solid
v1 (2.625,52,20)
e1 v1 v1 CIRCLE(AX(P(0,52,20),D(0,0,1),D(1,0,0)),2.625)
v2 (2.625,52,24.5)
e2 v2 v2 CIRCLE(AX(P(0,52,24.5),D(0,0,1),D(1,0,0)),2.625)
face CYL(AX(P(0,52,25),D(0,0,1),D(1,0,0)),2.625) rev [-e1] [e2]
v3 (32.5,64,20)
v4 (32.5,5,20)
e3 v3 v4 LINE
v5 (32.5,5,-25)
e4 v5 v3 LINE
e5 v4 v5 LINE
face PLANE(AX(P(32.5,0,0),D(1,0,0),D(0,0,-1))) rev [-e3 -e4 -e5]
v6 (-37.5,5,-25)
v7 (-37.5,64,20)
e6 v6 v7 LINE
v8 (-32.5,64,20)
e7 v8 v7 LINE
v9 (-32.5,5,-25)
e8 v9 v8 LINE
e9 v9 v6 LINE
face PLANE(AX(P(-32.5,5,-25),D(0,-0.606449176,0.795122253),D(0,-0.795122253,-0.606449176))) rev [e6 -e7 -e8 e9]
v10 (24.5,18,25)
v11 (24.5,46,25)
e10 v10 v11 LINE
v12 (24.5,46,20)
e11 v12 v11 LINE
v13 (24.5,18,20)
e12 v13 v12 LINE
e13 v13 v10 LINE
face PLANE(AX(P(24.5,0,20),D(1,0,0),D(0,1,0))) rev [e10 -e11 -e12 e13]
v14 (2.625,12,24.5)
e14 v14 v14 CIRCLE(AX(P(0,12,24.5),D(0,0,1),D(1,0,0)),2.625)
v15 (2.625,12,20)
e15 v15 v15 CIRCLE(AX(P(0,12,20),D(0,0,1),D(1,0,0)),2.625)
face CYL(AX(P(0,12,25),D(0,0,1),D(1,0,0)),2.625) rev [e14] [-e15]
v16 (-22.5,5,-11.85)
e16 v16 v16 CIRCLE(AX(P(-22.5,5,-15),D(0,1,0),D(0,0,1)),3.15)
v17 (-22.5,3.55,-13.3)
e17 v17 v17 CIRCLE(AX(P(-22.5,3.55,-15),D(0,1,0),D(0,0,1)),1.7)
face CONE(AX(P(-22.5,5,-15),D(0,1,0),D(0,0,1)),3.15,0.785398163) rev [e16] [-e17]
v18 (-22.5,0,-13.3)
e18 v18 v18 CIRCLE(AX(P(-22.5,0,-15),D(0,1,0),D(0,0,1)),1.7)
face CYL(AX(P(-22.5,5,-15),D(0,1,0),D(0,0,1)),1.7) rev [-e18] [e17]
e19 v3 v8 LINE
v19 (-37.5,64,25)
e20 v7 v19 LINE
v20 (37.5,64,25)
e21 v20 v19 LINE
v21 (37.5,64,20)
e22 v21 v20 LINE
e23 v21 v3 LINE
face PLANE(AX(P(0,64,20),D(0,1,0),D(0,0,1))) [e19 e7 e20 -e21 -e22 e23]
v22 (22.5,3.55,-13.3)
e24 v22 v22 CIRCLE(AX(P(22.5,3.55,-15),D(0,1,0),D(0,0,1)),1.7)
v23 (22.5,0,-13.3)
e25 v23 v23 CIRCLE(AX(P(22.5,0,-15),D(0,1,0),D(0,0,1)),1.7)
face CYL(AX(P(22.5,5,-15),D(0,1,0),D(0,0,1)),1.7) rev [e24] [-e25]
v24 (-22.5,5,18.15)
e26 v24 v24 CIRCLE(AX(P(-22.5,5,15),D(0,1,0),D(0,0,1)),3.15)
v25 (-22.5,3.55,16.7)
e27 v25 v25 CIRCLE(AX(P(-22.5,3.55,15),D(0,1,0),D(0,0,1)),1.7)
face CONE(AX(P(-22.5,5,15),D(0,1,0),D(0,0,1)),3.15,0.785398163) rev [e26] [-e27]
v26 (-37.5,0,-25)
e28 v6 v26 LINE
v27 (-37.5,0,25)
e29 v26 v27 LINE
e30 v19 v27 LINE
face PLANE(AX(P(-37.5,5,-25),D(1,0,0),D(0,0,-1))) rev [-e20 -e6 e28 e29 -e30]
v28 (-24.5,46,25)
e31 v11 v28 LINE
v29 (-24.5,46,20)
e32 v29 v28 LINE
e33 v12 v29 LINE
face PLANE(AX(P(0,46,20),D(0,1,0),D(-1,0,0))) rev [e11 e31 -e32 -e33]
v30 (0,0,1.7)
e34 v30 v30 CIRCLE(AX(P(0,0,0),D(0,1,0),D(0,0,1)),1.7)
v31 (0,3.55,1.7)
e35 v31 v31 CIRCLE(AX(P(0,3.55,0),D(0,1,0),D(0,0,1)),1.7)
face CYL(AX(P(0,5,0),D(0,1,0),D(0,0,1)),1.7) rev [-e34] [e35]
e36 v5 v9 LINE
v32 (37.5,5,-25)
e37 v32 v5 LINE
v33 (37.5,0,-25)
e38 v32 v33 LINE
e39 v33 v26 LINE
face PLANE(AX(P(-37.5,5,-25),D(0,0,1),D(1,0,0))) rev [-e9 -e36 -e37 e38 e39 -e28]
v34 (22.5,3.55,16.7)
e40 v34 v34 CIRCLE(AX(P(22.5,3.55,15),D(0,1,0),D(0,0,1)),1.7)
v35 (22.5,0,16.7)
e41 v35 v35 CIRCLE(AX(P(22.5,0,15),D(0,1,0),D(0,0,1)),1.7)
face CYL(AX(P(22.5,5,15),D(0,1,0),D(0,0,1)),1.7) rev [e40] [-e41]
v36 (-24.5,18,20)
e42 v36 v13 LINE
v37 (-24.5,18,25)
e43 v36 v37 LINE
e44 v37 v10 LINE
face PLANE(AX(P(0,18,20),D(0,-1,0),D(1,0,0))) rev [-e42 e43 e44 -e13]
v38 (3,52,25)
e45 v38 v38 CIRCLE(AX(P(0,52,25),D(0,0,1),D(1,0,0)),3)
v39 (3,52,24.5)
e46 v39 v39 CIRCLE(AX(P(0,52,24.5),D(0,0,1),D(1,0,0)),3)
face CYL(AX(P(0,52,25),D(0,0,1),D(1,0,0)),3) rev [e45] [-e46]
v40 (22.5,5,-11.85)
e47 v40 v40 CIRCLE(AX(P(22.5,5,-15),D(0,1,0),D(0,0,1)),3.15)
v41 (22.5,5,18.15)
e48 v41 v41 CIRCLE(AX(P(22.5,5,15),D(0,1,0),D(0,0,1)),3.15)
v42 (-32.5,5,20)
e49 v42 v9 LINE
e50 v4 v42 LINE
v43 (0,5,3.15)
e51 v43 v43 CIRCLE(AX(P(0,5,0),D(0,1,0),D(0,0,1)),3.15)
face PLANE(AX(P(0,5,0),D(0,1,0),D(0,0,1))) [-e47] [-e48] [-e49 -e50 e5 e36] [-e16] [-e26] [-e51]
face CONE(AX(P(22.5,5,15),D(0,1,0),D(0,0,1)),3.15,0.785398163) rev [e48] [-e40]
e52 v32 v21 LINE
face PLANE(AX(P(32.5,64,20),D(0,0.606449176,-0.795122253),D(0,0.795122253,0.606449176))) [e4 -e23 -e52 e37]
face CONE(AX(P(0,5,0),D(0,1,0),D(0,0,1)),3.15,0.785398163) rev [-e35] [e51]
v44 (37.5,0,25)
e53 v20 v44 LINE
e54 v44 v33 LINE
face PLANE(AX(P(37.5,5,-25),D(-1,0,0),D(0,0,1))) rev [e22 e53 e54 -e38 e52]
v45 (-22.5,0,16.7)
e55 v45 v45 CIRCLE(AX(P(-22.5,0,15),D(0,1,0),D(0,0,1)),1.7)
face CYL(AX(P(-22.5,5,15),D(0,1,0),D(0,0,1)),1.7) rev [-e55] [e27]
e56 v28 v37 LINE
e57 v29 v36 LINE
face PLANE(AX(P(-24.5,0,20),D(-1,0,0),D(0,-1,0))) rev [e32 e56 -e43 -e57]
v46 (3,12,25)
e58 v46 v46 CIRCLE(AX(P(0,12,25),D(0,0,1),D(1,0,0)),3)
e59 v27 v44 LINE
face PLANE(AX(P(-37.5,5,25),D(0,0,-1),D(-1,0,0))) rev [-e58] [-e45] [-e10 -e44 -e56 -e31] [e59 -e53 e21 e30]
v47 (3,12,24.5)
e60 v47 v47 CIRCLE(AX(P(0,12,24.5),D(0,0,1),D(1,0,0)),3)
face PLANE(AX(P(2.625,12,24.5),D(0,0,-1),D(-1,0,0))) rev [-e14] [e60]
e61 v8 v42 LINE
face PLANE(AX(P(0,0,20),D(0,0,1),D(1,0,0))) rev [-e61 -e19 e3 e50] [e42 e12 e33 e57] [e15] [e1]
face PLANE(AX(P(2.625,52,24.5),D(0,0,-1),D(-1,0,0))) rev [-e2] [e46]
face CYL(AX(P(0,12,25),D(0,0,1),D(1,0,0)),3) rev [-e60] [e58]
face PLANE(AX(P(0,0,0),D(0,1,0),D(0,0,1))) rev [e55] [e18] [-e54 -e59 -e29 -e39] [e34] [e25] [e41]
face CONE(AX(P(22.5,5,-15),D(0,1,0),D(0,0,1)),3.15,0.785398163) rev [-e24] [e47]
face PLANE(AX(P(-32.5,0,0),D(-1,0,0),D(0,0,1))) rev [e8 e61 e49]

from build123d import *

# Parameters (mm, degrees)
SKETCH1_W                                       = 75
SKETCH1_H                                       = 50
BOSS_EXTRUDE1_DEPTH                             = 5
SKETCH2_W                                       = 75
SKETCH2_H                                       = 59
SKETCH2_W_2                                     = 49
SKETCH2_H_2                                     = 28
BOSS_EXTRUDE2_DEPTH                             = 5
BOSS_EXTRUDE3_DEPTH                             = 5
BOSS_EXTRUDE4_START                             = -75
BOSS_EXTRUDE4_DEPTH                             = 5
CBORE_FOR_M3_SHCS1_D                            = 5.25
CBORE_FOR_M3_SHCS1_DEPTH                        = 5
CBORE_FOR_M3_SHCS1_CBORE_D                      = 6
CBORE_FOR_M3_SHCS1_CBORE_DEPTH                  = 0.5
CBORE_FOR_M3_SHCS1_TIP                          = 1.577259125
CSK_FOR_M3_FLAT_HEAD_MACHINE_SCREW1_D           = 3.4
CSK_FOR_M3_FLAT_HEAD_MACHINE_SCREW1_CSINK_D     = 6.3
CSK_FOR_M3_FLAT_HEAD_MACHINE_SCREW1_CSINK_ANGLE = 90


with BuildPart() as part:
    # Sketch1 → Boss-Extrude1 (new body)
    with BuildSketch(Plane(origin=(0, 0, 0), x_dir=(1, 0, 0), z_dir=(0, 1, 0))):
        Rectangle(SKETCH1_W, SKETCH1_H)
    extrude(amount=BOSS_EXTRUDE1_DEPTH)

    # Sketch2 → Boss-Extrude2 (add)
    with BuildSketch(Plane.XY.offset(25)):
        with Locations((0, 34.5)):
            Rectangle(SKETCH2_W, SKETCH2_H)
        with Locations((0, 32)):
            Rectangle(SKETCH2_W_2, SKETCH2_H_2, mode=Mode.SUBTRACT)
    extrude(amount=-BOSS_EXTRUDE2_DEPTH)

    # Sketch3 → Boss-Extrude3 (add)
    with BuildSketch(Plane(origin=(37.5, 0, 0), x_dir=(0, 0, -1), z_dir=(1, 0, 0))):
        Polygon((-20, 64), (25, 5), (-20, 5), align=None)
    extrude(amount=-BOSS_EXTRUDE3_DEPTH)

    # Sketch3<2> → Boss-Extrude4 (add)
    with BuildSketch(Plane(origin=(37.5, 0, 0), x_dir=(0, 0, -1), z_dir=(1, 0, 0)).offset(BOSS_EXTRUDE4_START)):
        Polygon((-20, 64), (25, 5), (-20, 5), align=None)
    extrude(amount=BOSS_EXTRUDE4_DEPTH)

    # CBORE for M3 SHCS1
    with Locations(Plane.XY.offset(25)):
        with Locations((0, 52), (0, 12)):
            CounterBoreHole(CBORE_FOR_M3_SHCS1_D / 2, CBORE_FOR_M3_SHCS1_CBORE_D / 2, CBORE_FOR_M3_SHCS1_CBORE_DEPTH, depth=CBORE_FOR_M3_SHCS1_DEPTH)
            with Locations((0, 0, -(CBORE_FOR_M3_SHCS1_DEPTH + CBORE_FOR_M3_SHCS1_TIP / 2))):  # 118° drill point
                Cone(0, CBORE_FOR_M3_SHCS1_D / 2, CBORE_FOR_M3_SHCS1_TIP, mode=Mode.SUBTRACT)

    # CSK for M3 Flat Head Machine Screw1 (through all)
    with Locations(Plane(origin=(0, 5, 0), x_dir=(1, 0, 0), z_dir=(0, 1, 0))):
        with Locations((22.5, 15), (0, 0), (-22.5, 15), (-22.5, -15), (22.5, -15)):
            CounterSinkHole(CSK_FOR_M3_FLAT_HEAD_MACHINE_SCREW1_D / 2, CSK_FOR_M3_FLAT_HEAD_MACHINE_SCREW1_CSINK_D / 2, counter_sink_angle=CSK_FOR_M3_FLAT_HEAD_MACHINE_SCREW1_CSINK_ANGLE)


solid = part.part
